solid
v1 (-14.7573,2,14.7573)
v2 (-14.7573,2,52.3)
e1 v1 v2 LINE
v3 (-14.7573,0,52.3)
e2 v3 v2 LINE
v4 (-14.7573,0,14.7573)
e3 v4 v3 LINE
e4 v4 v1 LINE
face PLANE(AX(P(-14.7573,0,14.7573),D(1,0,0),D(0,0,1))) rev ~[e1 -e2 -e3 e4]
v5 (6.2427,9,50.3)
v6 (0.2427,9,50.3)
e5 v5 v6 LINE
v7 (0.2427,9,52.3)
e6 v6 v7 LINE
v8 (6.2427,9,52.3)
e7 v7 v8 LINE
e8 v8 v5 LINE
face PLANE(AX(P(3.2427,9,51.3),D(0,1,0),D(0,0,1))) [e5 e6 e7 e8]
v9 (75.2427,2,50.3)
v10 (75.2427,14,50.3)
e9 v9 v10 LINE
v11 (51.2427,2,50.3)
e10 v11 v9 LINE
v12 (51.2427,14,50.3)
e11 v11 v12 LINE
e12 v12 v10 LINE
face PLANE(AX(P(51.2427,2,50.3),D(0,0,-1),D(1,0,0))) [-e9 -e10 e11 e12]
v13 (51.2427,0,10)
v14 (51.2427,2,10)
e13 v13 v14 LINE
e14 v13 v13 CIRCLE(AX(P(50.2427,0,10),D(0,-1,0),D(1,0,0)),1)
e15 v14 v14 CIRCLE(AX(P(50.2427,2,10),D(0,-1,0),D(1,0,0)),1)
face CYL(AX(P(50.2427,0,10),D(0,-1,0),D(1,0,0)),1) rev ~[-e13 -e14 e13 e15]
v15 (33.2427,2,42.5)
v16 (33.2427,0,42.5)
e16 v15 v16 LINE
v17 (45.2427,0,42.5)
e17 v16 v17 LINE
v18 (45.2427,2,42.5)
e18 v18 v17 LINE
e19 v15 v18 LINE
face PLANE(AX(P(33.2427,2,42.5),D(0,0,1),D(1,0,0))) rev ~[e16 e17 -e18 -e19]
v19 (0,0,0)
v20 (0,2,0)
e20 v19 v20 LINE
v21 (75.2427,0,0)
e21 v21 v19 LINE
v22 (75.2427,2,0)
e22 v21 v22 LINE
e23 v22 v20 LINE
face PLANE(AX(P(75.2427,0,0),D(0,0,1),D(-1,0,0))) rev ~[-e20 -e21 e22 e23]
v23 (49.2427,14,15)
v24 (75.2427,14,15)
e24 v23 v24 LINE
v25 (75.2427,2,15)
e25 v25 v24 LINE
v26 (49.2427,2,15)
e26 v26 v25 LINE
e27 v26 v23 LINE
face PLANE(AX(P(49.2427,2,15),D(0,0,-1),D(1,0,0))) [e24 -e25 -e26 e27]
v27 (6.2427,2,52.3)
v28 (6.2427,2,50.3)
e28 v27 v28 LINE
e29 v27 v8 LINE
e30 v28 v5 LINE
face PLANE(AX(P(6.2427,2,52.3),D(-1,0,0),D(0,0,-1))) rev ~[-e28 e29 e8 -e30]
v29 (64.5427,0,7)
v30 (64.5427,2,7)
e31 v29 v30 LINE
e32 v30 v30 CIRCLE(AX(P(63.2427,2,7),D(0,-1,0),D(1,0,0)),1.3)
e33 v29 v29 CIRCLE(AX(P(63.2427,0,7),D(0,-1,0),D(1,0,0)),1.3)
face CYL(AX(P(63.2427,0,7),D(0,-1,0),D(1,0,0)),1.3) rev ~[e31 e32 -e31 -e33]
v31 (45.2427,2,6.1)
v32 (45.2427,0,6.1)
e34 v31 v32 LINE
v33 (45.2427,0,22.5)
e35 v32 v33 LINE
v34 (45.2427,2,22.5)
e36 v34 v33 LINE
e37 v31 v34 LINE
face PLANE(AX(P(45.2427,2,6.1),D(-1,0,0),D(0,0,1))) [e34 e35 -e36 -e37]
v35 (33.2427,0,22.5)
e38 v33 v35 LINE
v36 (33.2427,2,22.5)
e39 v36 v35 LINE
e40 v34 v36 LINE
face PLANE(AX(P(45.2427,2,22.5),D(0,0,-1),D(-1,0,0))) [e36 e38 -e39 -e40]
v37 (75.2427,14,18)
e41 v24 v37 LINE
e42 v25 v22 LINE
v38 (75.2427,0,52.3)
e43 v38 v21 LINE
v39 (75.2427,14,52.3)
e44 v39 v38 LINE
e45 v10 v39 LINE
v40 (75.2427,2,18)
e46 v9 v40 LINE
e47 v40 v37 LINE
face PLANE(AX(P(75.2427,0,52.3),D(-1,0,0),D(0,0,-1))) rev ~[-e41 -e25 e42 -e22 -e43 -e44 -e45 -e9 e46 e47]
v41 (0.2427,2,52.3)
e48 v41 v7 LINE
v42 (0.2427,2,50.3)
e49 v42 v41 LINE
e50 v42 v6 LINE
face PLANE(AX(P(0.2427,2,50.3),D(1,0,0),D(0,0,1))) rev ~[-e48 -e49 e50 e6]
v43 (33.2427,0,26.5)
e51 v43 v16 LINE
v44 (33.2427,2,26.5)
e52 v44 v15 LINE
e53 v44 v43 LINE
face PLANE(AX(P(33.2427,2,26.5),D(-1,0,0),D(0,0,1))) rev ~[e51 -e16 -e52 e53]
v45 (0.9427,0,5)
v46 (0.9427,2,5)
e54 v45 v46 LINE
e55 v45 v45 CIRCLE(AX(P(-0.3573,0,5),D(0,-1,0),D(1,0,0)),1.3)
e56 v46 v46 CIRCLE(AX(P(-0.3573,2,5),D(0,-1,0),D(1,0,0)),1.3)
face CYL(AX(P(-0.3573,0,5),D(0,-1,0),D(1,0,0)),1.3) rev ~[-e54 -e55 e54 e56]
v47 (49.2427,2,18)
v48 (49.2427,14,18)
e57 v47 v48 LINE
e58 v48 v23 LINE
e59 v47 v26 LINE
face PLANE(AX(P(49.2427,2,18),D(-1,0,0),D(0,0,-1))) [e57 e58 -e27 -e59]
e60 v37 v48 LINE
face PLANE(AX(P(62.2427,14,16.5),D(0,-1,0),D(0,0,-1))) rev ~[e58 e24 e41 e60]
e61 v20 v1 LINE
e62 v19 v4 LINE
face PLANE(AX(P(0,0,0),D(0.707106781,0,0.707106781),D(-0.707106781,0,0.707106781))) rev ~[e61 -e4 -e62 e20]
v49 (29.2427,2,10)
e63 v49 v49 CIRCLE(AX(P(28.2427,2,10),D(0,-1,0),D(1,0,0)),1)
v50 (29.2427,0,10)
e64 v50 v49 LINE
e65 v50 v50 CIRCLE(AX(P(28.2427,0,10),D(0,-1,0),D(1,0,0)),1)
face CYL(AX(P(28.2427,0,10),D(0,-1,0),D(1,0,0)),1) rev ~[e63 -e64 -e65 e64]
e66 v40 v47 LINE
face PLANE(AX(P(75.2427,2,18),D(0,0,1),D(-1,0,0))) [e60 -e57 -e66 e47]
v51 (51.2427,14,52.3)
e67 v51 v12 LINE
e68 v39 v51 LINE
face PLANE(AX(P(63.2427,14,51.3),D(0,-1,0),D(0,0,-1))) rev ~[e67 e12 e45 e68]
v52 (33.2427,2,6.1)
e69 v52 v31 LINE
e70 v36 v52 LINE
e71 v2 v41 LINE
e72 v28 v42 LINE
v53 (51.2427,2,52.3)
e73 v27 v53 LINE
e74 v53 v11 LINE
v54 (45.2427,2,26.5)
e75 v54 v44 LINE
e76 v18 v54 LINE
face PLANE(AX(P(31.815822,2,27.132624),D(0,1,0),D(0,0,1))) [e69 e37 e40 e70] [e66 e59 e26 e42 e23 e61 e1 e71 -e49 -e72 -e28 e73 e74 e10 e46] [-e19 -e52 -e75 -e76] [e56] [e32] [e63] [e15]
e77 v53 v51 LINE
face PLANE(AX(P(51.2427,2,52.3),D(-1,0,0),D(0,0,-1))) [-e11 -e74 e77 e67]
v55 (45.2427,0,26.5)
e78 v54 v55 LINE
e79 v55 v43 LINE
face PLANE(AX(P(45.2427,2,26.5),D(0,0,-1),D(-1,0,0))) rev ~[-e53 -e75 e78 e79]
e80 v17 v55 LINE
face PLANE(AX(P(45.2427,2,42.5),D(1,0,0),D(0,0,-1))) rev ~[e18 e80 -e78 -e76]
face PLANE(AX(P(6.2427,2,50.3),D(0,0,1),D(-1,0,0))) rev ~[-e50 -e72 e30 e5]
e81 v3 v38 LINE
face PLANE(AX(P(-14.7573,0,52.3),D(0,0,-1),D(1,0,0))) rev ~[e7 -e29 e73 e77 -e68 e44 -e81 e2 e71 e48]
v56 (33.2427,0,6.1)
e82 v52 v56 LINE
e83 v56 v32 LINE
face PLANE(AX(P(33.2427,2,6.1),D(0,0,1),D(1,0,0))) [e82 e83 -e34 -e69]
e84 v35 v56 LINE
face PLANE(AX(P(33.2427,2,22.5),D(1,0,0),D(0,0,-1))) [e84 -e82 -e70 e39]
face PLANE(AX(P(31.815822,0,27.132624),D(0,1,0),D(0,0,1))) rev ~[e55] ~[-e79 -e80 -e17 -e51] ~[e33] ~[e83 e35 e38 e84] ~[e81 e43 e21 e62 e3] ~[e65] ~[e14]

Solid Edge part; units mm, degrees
sketch "Sketch1" plane through (0, 0, 0) normal (0, -1, 0) x (1, 0, 0)
  line L0 (75.2427, 0) -> (0, 0)
  line L1 (0, 0) -> (-14.7573, 14.7573)
  line L2 (-14.7573, 14.7573) -> (-14.7573, 52.3)
  line L3 (-14.7573, 52.3) -> (75.2427, 52.3)
  line L4 (75.2427, 52.3) -> (75.2427, 0)
  dimension "D1" = 90
  dimension "D2" = 20.87
  dimension "D3" = 52.3
extrude "Protrusion1" add sketch "Sketch1" against normal blind 2
sketch "Sketch2" plane through (30.2427, 2, 26.15) normal (0, 1, 0) x (-1, 0, 0)
  line L0 (-15, -3.65) -> (-3, -3.65)
  line L1 (-3, -3.65) -> (-3, -20.05)
  line L2 (-3, -20.05) -> (-15, -20.05)
  line L3 (-15, -20.05) -> (-15, -3.65)
  dimension "D1" = 12
  dimension "D2" = 48
  dimension "D3" = 22.5
  dimension "D4" = 16.4
extrude "Cutout1" cut sketch "Sketch2" against normal through all
sketch "Sketch3" plane through (30.2427, 2, 26.15) normal (0, 1, 0) x (-1, 0, 0)
  line L0 (-15, 0.35) -> (-3, 0.35)
  line L1 (-3, 0.35) -> (-3, 16.35)
  line L2 (-3, 16.35) -> (-15, 16.35)
  line L3 (-15, 16.35) -> (-15, 0.35)
  dimension "D1" = 16
  dimension "D2" = 4
extrude "Cutout2" cut sketch "Sketch3" against normal through all
sketch "Sketch4" plane through (30.2427, 2, 26.15) normal (0, 1, 0) x (-1, 0, 0)
  line L0 (-45, -8.15) -> (-19, -8.15)
  line L1 (-19, -8.15) -> (-19, -11.15)
  line L2 (-19, -11.15) -> (-45, -11.15)
  line L3 (-45, -11.15) -> (-45, -8.15)
  dimension "D1" = 26
  dimension "D2" = 3
  dimension "D3" = 15
extrude "Extrusionsausprägung_2" add sketch "Sketch4" along normal blind 12
sketch "Sketch5" plane through (30.2427, 2, 26.15) normal (0, 1, 0) x (-1, 0, 0)
  line L0 (-45, 26.15) -> (-21, 26.15)
  line L1 (-21, 26.15) -> (-21, 24.15)
  line L2 (-21, 24.15) -> (-45, 24.15)
  line L3 (-45, 24.15) -> (-45, 26.15)
  dimension "D1" = 2
  dimension "D2" = 24
extrude "Protrusion2" add sketch "Sketch5" along normal up to vertex (12 mm away)
sketch "Sketch6" plane through (30.2427, 2, 26.15) normal (0, 1, 0) x (-1, 0, 0)
  line L0 (30, 26.15) -> (24, 26.15)
  line L1 (24, 26.15) -> (24, 24.15)
  line L2 (24, 24.15) -> (30, 24.15)
  line L3 (30, 24.15) -> (30, 26.15)
  dimension "D1" = 6
  dimension "D2" = 2
  dimension "D3" = 15
extrude "Extrusionsausprägung_4" add sketch "Sketch6" along normal blind 7
sketch "Sketch7" plane through (30.2427, 0, 26.15) normal (0, -1, 0) x (1, 0, 0)
  circle A0 centre (-2, -16.15) radius 1
  circle A1 centre (20, -16.15) radius 1
  dimension "D1" = 2
  dimension "D2" = 5
  dimension "D3" = 5
  dimension "D4" = 10
extrude "Cutout3" cut sketch "Sketch7" against normal through all
sketch "Sketch8" plane through (30.2427, 0, 26.15) normal (0, -1, 0) x (1, 0, 0)
  circle A0 centre (33, -19.15) radius 1.3
  dimension "D1" = 2.6
  dimension "D2" = 12
  dimension "D3" = 7
extrude "Cutout4" cut sketch "Sketch8" against normal through all
sketch "Sketch9" plane through (30.2427, 0, 26.15) normal (0, -1, 0) x (1, 0, 0)
  circle A0 centre (-30.6, -21.15) radius 1.3
  dimension "D1" = 5
  dimension "D2" = 63.6
extrude "Cutout5" cut sketch "Sketch9" against normal through all
